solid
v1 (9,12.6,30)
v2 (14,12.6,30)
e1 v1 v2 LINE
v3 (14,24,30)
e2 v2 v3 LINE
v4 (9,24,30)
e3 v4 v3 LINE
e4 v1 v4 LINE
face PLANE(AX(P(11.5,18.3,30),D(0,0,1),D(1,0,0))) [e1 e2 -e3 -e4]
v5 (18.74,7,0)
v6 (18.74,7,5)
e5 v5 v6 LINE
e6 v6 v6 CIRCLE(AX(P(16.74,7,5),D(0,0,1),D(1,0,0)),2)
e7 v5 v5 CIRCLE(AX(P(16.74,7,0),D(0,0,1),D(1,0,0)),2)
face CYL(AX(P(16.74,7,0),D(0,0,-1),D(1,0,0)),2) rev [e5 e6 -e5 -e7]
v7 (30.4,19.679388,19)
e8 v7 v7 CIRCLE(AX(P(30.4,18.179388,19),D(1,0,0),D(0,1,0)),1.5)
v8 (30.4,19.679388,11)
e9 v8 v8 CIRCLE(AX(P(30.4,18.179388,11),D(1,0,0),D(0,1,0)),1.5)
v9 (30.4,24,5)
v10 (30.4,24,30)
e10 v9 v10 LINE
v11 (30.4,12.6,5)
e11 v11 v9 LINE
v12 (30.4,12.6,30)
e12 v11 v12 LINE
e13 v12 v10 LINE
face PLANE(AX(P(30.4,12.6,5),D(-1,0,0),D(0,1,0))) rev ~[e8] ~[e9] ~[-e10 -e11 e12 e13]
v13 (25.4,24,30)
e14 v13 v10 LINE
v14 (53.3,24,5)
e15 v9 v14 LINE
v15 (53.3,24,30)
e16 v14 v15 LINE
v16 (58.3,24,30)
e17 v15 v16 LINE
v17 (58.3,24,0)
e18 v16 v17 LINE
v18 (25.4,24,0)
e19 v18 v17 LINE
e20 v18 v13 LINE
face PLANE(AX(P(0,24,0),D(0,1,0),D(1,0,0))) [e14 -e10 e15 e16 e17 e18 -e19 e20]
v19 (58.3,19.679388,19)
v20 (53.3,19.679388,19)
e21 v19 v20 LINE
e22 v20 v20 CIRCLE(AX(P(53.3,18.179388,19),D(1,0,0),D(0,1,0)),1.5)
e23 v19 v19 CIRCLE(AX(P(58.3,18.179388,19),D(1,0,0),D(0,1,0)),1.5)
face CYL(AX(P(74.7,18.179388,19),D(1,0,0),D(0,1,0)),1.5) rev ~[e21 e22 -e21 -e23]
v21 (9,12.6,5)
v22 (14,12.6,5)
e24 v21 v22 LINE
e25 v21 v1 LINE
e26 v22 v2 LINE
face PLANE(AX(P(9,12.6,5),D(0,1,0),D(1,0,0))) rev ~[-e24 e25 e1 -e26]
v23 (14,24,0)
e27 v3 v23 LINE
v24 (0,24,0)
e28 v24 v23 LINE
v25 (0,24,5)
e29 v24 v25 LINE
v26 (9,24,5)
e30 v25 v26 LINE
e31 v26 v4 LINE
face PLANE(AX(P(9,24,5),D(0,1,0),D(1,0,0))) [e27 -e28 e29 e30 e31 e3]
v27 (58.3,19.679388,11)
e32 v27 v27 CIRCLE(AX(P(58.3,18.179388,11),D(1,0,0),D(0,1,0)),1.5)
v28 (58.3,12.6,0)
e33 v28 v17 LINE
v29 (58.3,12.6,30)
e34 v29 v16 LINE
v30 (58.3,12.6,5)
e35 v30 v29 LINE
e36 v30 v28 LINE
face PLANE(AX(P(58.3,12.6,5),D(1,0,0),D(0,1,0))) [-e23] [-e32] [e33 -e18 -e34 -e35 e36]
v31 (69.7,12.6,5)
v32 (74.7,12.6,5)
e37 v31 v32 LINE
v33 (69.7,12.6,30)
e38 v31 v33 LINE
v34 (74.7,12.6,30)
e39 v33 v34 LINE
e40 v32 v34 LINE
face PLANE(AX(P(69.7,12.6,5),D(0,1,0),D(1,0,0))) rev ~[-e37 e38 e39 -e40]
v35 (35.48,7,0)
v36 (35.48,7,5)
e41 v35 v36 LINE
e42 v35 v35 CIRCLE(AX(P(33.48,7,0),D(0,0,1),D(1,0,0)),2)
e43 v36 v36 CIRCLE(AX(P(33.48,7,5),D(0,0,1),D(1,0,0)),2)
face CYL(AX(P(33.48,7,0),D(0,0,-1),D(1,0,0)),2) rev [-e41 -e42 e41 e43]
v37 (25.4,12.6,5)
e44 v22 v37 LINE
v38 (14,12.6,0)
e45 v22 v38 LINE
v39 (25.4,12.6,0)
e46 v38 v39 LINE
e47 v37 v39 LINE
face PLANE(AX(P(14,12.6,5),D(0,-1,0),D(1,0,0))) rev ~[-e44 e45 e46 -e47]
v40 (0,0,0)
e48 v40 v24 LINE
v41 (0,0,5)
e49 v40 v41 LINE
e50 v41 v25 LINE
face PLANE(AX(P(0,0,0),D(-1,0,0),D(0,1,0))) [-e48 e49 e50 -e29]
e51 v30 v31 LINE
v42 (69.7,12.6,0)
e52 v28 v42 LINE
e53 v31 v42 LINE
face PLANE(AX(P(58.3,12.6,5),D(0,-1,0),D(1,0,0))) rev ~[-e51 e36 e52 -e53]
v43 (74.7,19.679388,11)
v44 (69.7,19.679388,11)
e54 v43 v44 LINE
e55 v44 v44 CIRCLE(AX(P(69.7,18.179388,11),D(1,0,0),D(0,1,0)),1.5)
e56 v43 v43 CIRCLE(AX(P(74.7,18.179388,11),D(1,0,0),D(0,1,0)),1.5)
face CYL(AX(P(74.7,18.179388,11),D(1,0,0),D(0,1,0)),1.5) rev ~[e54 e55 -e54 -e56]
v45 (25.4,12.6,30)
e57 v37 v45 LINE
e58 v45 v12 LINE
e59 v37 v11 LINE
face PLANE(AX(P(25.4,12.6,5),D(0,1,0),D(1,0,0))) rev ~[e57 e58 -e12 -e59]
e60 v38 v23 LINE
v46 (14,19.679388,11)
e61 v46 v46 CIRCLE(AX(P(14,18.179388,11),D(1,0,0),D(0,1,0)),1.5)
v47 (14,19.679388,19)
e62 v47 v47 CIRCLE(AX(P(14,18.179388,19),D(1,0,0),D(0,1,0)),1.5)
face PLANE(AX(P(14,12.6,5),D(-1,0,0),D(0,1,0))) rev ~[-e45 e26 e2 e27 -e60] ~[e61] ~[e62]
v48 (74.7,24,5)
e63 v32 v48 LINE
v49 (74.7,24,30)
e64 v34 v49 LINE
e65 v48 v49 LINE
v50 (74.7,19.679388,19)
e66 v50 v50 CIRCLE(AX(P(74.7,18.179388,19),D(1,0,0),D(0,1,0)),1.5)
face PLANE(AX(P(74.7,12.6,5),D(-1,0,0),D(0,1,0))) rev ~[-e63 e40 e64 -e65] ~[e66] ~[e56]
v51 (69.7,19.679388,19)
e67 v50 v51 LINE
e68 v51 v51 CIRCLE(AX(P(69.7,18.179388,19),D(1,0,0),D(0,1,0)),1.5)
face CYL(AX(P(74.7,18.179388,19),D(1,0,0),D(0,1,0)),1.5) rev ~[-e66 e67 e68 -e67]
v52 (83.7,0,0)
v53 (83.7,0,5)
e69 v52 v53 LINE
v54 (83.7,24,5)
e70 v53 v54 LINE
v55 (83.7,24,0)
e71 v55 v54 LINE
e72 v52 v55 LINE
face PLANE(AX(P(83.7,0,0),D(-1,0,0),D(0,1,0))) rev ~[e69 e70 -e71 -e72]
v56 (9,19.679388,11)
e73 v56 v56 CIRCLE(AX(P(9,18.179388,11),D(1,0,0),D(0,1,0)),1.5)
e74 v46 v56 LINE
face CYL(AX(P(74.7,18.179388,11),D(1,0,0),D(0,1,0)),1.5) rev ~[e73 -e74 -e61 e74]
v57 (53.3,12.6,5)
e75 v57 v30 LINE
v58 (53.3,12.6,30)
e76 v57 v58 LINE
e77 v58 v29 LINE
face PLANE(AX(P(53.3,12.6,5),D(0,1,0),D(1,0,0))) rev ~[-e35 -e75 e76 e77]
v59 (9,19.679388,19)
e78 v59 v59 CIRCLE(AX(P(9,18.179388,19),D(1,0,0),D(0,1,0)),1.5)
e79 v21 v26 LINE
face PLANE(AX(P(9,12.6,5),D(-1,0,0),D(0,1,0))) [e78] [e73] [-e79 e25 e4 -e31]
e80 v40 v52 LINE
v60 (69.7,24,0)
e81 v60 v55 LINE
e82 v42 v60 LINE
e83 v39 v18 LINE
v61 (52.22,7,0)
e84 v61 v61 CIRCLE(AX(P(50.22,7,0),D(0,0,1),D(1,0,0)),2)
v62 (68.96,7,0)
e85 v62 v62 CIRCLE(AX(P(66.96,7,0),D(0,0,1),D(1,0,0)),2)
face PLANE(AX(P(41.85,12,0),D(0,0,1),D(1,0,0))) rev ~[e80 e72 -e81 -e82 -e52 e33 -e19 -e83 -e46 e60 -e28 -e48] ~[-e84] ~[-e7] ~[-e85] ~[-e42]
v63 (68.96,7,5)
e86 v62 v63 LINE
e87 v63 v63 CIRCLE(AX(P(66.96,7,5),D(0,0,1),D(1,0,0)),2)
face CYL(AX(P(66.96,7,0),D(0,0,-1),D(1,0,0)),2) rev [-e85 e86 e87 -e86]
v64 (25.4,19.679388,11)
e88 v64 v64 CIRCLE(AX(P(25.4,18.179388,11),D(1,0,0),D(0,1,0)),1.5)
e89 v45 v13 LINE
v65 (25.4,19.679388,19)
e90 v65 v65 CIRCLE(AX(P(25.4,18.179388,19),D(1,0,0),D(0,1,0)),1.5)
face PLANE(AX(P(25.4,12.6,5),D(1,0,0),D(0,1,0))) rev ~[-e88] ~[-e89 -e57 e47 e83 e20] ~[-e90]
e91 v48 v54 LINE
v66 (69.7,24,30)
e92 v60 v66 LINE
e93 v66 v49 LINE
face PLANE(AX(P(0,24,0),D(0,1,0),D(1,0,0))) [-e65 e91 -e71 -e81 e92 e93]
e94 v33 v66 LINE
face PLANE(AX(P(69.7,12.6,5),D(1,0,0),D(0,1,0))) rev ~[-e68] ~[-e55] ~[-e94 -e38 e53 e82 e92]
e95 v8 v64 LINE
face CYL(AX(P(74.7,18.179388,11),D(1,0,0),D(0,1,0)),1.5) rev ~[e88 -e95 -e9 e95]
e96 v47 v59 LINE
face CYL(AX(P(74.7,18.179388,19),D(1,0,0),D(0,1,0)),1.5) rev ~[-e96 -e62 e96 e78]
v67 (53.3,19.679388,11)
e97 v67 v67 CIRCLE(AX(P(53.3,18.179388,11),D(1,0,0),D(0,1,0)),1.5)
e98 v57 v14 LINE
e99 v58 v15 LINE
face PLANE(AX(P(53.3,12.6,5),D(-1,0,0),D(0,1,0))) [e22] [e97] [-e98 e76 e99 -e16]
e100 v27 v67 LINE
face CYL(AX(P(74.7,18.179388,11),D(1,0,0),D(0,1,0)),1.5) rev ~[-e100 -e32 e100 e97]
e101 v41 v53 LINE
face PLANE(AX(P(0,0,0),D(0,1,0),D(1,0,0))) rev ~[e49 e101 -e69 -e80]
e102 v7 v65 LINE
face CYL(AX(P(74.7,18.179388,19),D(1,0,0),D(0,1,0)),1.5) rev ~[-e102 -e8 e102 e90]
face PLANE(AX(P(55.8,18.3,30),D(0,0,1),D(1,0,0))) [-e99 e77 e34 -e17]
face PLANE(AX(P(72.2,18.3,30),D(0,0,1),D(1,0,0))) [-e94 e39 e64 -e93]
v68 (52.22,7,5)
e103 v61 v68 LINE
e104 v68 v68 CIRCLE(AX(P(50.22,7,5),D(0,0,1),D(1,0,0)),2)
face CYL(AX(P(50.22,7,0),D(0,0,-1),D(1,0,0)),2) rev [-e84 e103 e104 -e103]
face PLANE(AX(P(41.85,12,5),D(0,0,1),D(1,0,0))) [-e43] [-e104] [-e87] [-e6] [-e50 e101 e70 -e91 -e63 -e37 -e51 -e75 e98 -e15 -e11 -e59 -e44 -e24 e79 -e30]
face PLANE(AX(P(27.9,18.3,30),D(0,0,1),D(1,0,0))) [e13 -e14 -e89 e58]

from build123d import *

# Parameters (mm, degrees)
SKETCH_W        = 83.7
SKETCH_H        = 24
SKETCH_R        = 2
PAD_DEPTH       = 5
SKETCH001_W     = 11.4
SKETCH001_H     = 11.4
POCKET_DEPTH    = 5.001
SKETCH002_W     = 5
SKETCH002_H     = 11.4
PAD001_DEPTH    = 25
SKETCH003_R     = 1.5
POCKET001_DEPTH = 74.701


with BuildPart() as part:
    # Sketch → Pad (new body)
    with BuildSketch(Plane.XY):
        with Locations((41.85, 12)):
            Rectangle(SKETCH_W, SKETCH_H)
        with Locations((33.48, 7)):
            Circle(SKETCH_R, mode=Mode.SUBTRACT)
        with Locations((16.74, 7)):
            Circle(SKETCH_R, mode=Mode.SUBTRACT)
        with Locations((50.22, 7)):
            Circle(SKETCH_R, mode=Mode.SUBTRACT)
        with Locations((66.96, 7)):
            Circle(SKETCH_R, mode=Mode.SUBTRACT)
    extrude(amount=PAD_DEPTH)

    # Sketch001 → Pocket (cut, through all)
    with BuildSketch(Plane.XY.offset(5)):
        with Locations((64, 18.3)):
            Rectangle(SKETCH001_W, SKETCH001_H)
        with Locations((19.7, 18.3)):
            Rectangle(SKETCH001_W, SKETCH001_H)
    extrude(amount=-POCKET_DEPTH, mode=Mode.SUBTRACT)

    # Sketch002 → Pad001 (new body)
    with BuildSketch(Plane.XY.offset(5)):
        with Locations((11.5, 18.3)):
            Rectangle(SKETCH002_W, SKETCH002_H)
        with Locations((27.9, 18.3)):
            Rectangle(SKETCH002_W, SKETCH002_H)
        with Locations((55.8, 18.3)):
            Rectangle(SKETCH002_W, SKETCH002_H)
        with Locations((72.2, 18.3)):
            Rectangle(SKETCH002_W, SKETCH002_H)
    extrude(amount=PAD001_DEPTH)

    # Sketch003 → Pocket001 (cut, through all)
    with BuildSketch(Plane.YZ.offset(74.7)):
        with Locations((18.179388, 19)):
            Circle(SKETCH003_R)
        with Locations((18.179388, 11)):
            Circle(SKETCH003_R)
    extrude(amount=-POCKET001_DEPTH, mode=Mode.SUBTRACT)


solid = part.part
